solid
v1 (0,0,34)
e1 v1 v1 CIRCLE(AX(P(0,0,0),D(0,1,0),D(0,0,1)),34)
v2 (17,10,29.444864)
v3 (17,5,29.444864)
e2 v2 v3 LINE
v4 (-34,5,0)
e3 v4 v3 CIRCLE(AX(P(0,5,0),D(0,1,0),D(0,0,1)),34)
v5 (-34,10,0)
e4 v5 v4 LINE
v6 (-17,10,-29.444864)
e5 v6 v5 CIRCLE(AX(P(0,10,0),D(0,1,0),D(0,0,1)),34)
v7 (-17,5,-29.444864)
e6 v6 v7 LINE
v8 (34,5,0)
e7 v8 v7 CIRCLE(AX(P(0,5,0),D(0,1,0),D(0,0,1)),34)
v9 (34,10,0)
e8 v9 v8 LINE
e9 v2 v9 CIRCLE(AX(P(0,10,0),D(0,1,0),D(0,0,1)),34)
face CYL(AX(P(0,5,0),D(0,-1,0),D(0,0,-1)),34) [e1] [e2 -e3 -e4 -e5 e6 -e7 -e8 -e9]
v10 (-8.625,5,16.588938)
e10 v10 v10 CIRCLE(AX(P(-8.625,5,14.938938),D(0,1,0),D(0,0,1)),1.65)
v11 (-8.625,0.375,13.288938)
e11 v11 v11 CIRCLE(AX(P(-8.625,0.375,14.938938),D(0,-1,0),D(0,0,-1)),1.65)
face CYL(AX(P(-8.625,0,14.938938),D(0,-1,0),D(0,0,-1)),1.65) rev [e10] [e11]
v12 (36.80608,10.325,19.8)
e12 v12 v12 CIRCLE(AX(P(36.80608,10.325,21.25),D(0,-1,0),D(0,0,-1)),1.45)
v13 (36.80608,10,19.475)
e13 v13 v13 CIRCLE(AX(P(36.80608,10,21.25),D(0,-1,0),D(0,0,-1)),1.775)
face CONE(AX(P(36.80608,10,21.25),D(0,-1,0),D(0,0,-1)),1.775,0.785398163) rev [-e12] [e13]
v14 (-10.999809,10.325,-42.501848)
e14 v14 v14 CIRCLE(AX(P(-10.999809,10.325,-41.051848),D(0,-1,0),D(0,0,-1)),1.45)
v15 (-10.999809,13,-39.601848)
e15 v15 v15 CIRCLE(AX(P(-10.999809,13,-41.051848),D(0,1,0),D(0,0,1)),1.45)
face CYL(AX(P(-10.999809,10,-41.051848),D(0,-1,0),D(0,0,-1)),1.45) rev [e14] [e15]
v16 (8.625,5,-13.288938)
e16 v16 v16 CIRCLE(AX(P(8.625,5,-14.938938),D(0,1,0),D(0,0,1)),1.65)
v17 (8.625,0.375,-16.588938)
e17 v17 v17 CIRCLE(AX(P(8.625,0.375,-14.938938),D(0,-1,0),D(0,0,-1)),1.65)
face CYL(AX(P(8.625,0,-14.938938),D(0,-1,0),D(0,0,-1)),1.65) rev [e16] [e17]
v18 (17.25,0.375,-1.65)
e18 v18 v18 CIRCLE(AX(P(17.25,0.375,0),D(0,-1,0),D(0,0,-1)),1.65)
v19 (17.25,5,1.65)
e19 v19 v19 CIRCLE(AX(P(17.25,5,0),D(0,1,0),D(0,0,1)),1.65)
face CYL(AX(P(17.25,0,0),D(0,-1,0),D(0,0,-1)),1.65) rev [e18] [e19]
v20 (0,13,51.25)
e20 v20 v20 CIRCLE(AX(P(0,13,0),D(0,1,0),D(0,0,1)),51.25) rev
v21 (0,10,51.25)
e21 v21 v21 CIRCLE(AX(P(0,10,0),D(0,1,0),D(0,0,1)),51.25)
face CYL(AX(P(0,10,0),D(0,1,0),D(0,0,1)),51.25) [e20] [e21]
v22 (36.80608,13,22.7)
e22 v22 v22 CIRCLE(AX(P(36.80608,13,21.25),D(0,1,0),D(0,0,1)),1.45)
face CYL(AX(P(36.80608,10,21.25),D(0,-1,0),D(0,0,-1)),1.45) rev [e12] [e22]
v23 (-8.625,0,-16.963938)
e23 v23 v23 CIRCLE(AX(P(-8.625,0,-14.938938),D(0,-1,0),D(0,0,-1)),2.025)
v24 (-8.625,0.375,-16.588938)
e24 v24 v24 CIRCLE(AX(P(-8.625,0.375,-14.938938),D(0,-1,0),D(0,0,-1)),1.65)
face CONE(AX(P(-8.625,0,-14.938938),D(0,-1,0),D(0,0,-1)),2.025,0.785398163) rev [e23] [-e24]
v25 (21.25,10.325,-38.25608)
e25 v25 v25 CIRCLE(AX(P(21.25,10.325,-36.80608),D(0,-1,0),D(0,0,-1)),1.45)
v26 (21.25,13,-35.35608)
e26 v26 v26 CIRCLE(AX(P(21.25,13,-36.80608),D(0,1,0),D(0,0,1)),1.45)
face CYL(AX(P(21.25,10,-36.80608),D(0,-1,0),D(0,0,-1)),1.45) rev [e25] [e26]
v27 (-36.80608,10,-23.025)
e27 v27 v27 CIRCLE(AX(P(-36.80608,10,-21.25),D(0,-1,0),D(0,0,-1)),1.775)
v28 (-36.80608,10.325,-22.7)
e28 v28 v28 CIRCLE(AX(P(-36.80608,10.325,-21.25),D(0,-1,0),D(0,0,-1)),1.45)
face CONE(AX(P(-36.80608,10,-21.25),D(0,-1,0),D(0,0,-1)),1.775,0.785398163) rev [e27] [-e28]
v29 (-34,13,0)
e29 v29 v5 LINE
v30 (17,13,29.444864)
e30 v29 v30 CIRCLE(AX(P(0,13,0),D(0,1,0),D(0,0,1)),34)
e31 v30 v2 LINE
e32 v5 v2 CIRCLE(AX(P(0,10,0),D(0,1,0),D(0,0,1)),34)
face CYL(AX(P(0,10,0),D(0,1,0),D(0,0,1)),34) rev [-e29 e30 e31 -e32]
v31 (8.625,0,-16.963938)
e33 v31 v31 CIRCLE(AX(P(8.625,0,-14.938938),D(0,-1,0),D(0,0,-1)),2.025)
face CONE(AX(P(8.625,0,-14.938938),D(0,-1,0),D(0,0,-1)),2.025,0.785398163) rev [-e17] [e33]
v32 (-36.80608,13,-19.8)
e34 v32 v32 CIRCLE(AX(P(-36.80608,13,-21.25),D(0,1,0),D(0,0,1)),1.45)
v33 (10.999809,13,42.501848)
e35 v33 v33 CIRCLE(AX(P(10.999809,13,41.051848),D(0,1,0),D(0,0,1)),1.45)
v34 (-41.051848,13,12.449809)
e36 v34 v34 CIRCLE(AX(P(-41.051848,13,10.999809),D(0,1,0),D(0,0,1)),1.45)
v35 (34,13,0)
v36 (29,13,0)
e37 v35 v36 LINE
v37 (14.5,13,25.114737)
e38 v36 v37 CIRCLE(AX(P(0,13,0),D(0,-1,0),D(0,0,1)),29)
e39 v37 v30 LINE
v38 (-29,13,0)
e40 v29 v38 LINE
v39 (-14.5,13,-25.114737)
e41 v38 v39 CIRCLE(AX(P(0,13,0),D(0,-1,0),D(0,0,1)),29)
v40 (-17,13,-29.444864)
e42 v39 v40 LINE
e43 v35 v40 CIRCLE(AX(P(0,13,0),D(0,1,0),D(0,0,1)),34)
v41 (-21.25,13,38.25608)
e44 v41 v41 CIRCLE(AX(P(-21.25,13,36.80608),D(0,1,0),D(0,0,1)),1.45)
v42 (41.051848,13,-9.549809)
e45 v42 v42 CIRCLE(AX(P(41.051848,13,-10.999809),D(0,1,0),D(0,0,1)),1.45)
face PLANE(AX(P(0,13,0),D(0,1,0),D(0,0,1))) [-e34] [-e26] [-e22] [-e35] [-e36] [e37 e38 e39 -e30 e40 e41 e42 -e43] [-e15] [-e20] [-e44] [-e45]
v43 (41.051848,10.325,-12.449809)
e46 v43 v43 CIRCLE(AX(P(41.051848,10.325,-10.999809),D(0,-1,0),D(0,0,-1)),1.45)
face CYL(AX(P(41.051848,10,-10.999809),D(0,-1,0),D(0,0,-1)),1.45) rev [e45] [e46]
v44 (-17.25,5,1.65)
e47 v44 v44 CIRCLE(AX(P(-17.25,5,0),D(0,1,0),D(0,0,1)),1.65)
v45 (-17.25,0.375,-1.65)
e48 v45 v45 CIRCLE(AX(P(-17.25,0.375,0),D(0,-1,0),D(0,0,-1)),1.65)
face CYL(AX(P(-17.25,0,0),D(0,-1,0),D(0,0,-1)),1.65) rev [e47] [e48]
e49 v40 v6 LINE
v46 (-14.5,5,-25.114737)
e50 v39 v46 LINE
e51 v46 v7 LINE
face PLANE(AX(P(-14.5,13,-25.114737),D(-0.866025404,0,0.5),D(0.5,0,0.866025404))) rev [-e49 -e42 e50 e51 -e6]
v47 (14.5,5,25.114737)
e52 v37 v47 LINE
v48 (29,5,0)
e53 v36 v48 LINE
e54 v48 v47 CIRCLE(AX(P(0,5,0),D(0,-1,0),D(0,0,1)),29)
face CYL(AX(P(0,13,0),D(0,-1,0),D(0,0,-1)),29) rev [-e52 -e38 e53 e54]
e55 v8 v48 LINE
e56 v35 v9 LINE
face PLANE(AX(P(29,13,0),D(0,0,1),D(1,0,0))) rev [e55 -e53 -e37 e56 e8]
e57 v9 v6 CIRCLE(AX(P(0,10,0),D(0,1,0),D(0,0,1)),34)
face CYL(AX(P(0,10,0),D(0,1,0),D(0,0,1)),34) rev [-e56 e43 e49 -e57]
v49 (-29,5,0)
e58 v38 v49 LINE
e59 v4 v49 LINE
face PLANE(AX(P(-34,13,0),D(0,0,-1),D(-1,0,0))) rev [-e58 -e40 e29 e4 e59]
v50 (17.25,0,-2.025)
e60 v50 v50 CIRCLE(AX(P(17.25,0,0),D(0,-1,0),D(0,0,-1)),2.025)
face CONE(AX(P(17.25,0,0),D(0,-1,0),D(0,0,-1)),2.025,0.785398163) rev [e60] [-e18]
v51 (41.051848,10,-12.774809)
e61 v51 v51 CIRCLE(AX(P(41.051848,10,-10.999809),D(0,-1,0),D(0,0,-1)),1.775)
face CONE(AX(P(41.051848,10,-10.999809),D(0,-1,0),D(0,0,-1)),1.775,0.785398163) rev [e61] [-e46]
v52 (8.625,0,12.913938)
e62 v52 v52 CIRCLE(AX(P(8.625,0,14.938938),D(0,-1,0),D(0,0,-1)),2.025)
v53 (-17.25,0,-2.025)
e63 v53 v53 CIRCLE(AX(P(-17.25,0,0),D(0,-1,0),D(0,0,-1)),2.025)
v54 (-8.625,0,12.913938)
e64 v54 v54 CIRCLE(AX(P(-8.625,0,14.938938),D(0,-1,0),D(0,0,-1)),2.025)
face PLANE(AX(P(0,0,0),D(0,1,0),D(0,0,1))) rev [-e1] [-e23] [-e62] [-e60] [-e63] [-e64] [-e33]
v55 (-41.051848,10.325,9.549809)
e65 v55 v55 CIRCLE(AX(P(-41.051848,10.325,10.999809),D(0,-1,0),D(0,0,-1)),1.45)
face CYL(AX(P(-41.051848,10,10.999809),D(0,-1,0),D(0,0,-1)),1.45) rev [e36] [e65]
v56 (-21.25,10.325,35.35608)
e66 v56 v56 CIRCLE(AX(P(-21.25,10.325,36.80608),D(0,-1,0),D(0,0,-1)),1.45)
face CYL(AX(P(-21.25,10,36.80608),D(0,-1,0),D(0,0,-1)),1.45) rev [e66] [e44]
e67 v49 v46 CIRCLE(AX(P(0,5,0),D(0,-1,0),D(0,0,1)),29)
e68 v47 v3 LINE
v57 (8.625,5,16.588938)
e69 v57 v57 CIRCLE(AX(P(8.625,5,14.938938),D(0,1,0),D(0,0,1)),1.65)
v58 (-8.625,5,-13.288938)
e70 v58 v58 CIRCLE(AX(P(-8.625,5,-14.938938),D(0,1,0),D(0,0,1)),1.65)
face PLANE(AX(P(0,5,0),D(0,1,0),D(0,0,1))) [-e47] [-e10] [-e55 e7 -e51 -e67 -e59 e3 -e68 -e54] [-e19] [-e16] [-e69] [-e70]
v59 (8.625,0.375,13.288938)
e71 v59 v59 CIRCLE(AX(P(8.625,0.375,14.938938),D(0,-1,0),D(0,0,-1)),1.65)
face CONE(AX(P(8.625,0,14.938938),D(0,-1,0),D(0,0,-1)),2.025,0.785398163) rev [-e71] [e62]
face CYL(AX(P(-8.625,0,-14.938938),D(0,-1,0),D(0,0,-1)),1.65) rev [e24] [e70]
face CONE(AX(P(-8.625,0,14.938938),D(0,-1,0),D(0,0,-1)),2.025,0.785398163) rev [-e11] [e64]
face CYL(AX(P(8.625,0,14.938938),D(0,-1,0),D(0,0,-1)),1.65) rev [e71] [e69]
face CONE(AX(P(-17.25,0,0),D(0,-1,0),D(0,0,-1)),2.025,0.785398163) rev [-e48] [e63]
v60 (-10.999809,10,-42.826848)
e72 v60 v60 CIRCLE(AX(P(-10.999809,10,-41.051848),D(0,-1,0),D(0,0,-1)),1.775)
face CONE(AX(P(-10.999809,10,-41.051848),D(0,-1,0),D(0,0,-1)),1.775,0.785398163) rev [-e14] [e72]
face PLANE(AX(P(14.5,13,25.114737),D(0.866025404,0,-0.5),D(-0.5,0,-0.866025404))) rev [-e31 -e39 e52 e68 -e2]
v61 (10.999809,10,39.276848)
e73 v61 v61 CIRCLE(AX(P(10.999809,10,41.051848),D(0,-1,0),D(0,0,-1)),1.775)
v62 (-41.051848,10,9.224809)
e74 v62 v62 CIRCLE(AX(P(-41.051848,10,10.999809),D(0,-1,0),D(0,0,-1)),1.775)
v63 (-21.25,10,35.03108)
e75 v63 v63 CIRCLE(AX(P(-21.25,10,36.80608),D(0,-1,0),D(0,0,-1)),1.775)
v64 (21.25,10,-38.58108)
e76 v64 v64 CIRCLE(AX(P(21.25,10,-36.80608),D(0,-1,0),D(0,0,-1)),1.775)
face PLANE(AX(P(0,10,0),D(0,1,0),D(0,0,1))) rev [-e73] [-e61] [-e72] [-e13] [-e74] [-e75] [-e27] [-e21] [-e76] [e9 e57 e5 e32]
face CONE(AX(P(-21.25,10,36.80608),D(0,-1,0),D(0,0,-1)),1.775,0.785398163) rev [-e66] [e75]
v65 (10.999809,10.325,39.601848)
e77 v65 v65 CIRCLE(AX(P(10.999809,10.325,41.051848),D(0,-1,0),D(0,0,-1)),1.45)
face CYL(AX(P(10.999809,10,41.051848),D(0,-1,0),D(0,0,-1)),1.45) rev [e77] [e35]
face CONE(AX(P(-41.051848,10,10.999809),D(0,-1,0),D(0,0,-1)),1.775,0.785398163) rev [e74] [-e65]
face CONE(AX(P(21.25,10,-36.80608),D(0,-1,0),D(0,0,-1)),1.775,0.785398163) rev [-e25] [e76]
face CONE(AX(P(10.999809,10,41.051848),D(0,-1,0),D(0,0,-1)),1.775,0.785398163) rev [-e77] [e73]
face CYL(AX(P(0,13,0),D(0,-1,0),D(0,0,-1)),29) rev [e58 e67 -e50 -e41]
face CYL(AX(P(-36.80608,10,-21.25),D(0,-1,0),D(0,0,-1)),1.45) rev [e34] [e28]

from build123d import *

# Parameters (mm, degrees)
SKETCH_1_R                     = 34
EXTRUDE_2_DEPTH                = 5
EXTRUDE_3_DEPTH                = 8
EXTRUDE_START                  = -3
SKETCH_3_R                     = 46.25
SKETCH_3_R_2                   = 34
EXTRUDE_4_DEPTH                = 3
EXTRUDE_5_DEPTH                = 27.3
EXTRUDE_5_DEPTH_BACK           = 3
SKETCH_4_R                     = 51.25
SKETCH_4_R_2                   = 46.25
SKETCH_5_R                     = 58
SKETCH_5_R_2                   = 51.25
EXTRUDE_6_DEPTH                = 5
HOLE_WIZARD_M4_1_D             = 3.3
HOLE_WIZARD_M4_1_CSINK_D       = 4.05
HOLE_WIZARD_M4_1_CSINK_ANGLE   = 90
PATTERN_CIRCULAR_1_COUNT       = 6
HOLE_WIZARD_M3_5_1_D           = 2.9
HOLE_WIZARD_M3_5_1_CSINK_D     = 3.55
HOLE_WIZARD_M3_5_1_CSINK_ANGLE = 90
PATTERN_CIRCULAR_2_COUNT       = 8
SKETCH_10_R                    = 58
CUT_EXTRUDE_1_DEPTH            = 27.3


with BuildPart() as part:
    # 草图1 → 凸台-拉伸2 (new body)
    with BuildSketch(Plane(origin=(0, 0, 0), x_dir=(1, 0, 0), z_dir=(0, 1, 0))):
        Circle(SKETCH_1_R)
    extrude(amount=EXTRUDE_2_DEPTH)

    # 草图2 → 凸台-拉伸3 (add)
    with BuildSketch(Plane(origin=(0, 5, 0), x_dir=(1, 0, 0), z_dir=(0, 1, 0))):
        with BuildLine():
            Line((-34, 0), (-29, 0))
            ThreePointArc((-29, 0), (-25.11473671, 14.5), (-14.5, 25.11473671))
            Line((-14.5, 25.11473671), (-17, 29.444863729))
            ThreePointArc((-17, 29.444863729), (-29.444863729, 17), (-34, 0))
        make_face()
        with BuildLine():
            Line((29, 0), (34, 0))
            ThreePointArc((34, 0), (29.444863729, -17), (17, -29.444863729))
            Line((17, -29.444863729), (14.5, -25.11473671))
            ThreePointArc((14.5, -25.11473671), (25.11473671, -14.5), (29, 0))
        make_face()
    extrude(amount=EXTRUDE_3_DEPTH)

    # 草图3 → 凸台-拉伸4 (add)
    with BuildSketch(Plane(origin=(0, 13, 0), x_dir=(1, 0, 0), z_dir=(0, 1, 0)).offset(EXTRUDE_START)):
        Circle(SKETCH_3_R)
        Circle(SKETCH_3_R_2, mode=Mode.SUBTRACT)
    extrude(amount=EXTRUDE_4_DEPTH)

    # 草图4 → 凸台-拉伸5 (add, two sides: drawn at the far end of the back side and taken through both)
    with BuildSketch(Plane(origin=(0, 13, 0), x_dir=(1, 0, 0), z_dir=(0, 1, 0)).offset(-EXTRUDE_5_DEPTH_BACK)):
        Circle(SKETCH_4_R)
        Circle(SKETCH_4_R_2, mode=Mode.SUBTRACT)
    extrude(amount=EXTRUDE_5_DEPTH + EXTRUDE_5_DEPTH_BACK)

    # 草图5 → 凸台-拉伸6 (add)
    with BuildSketch(Plane(origin=(0, 40.3, 0), x_dir=(1, 0, 0), z_dir=(0, 1, 0))):
        Circle(SKETCH_5_R)
        Circle(SKETCH_5_R_2, mode=Mode.SUBTRACT)
    extrude(amount=-EXTRUDE_6_DEPTH)

    # M4 螺纹孔1 (through all)
    with Locations(Plane.XZ):
        with Locations((8.625, -14.938938215)):
            hole_wizard_m4_1 = CounterSinkHole(HOLE_WIZARD_M4_1_D / 2, HOLE_WIZARD_M4_1_CSINK_D / 2, counter_sink_angle=HOLE_WIZARD_M4_1_CSINK_ANGLE)

    # 阵列(圆周)1: M4 螺纹孔1 ×6 about axis
    pattern_circular_1_axis = Axis((0, 0, 0), (0, 1, 0))
    for i in range(1, PATTERN_CIRCULAR_1_COUNT):
        add(hole_wizard_m4_1.rotate(pattern_circular_1_axis, i * 360 / PATTERN_CIRCULAR_1_COUNT), mode=Mode.SUBTRACT)

    # M3.5 螺纹孔1 (through all)
    with Locations(Plane.XZ.offset(-10)):
        with Locations((36.806079661, 21.25)):
            hole_wizard_m3_5_1 = CounterSinkHole(HOLE_WIZARD_M3_5_1_D / 2, HOLE_WIZARD_M3_5_1_CSINK_D / 2, counter_sink_angle=HOLE_WIZARD_M3_5_1_CSINK_ANGLE)

    # 阵列(圆周)2: M3.5 螺纹孔1 ×8 about axis
    pattern_circular_2_axis = Axis((0, 0, 0), (0, 1, 0))
    for i in range(1, PATTERN_CIRCULAR_2_COUNT):
        add(hole_wizard_m3_5_1.rotate(pattern_circular_2_axis, i * 360 / PATTERN_CIRCULAR_2_COUNT), mode=Mode.SUBTRACT)

    # 草图10 → 切除-拉伸1 (cut)
    with BuildSketch(Plane(origin=(0, 40.3, 0), x_dir=(1, 0, 0), z_dir=(0, 1, 0))):
        Circle(SKETCH_10_R)
    extrude(amount=-CUT_EXTRUDE_1_DEPTH, mode=Mode.SUBTRACT)


solid = part.part
